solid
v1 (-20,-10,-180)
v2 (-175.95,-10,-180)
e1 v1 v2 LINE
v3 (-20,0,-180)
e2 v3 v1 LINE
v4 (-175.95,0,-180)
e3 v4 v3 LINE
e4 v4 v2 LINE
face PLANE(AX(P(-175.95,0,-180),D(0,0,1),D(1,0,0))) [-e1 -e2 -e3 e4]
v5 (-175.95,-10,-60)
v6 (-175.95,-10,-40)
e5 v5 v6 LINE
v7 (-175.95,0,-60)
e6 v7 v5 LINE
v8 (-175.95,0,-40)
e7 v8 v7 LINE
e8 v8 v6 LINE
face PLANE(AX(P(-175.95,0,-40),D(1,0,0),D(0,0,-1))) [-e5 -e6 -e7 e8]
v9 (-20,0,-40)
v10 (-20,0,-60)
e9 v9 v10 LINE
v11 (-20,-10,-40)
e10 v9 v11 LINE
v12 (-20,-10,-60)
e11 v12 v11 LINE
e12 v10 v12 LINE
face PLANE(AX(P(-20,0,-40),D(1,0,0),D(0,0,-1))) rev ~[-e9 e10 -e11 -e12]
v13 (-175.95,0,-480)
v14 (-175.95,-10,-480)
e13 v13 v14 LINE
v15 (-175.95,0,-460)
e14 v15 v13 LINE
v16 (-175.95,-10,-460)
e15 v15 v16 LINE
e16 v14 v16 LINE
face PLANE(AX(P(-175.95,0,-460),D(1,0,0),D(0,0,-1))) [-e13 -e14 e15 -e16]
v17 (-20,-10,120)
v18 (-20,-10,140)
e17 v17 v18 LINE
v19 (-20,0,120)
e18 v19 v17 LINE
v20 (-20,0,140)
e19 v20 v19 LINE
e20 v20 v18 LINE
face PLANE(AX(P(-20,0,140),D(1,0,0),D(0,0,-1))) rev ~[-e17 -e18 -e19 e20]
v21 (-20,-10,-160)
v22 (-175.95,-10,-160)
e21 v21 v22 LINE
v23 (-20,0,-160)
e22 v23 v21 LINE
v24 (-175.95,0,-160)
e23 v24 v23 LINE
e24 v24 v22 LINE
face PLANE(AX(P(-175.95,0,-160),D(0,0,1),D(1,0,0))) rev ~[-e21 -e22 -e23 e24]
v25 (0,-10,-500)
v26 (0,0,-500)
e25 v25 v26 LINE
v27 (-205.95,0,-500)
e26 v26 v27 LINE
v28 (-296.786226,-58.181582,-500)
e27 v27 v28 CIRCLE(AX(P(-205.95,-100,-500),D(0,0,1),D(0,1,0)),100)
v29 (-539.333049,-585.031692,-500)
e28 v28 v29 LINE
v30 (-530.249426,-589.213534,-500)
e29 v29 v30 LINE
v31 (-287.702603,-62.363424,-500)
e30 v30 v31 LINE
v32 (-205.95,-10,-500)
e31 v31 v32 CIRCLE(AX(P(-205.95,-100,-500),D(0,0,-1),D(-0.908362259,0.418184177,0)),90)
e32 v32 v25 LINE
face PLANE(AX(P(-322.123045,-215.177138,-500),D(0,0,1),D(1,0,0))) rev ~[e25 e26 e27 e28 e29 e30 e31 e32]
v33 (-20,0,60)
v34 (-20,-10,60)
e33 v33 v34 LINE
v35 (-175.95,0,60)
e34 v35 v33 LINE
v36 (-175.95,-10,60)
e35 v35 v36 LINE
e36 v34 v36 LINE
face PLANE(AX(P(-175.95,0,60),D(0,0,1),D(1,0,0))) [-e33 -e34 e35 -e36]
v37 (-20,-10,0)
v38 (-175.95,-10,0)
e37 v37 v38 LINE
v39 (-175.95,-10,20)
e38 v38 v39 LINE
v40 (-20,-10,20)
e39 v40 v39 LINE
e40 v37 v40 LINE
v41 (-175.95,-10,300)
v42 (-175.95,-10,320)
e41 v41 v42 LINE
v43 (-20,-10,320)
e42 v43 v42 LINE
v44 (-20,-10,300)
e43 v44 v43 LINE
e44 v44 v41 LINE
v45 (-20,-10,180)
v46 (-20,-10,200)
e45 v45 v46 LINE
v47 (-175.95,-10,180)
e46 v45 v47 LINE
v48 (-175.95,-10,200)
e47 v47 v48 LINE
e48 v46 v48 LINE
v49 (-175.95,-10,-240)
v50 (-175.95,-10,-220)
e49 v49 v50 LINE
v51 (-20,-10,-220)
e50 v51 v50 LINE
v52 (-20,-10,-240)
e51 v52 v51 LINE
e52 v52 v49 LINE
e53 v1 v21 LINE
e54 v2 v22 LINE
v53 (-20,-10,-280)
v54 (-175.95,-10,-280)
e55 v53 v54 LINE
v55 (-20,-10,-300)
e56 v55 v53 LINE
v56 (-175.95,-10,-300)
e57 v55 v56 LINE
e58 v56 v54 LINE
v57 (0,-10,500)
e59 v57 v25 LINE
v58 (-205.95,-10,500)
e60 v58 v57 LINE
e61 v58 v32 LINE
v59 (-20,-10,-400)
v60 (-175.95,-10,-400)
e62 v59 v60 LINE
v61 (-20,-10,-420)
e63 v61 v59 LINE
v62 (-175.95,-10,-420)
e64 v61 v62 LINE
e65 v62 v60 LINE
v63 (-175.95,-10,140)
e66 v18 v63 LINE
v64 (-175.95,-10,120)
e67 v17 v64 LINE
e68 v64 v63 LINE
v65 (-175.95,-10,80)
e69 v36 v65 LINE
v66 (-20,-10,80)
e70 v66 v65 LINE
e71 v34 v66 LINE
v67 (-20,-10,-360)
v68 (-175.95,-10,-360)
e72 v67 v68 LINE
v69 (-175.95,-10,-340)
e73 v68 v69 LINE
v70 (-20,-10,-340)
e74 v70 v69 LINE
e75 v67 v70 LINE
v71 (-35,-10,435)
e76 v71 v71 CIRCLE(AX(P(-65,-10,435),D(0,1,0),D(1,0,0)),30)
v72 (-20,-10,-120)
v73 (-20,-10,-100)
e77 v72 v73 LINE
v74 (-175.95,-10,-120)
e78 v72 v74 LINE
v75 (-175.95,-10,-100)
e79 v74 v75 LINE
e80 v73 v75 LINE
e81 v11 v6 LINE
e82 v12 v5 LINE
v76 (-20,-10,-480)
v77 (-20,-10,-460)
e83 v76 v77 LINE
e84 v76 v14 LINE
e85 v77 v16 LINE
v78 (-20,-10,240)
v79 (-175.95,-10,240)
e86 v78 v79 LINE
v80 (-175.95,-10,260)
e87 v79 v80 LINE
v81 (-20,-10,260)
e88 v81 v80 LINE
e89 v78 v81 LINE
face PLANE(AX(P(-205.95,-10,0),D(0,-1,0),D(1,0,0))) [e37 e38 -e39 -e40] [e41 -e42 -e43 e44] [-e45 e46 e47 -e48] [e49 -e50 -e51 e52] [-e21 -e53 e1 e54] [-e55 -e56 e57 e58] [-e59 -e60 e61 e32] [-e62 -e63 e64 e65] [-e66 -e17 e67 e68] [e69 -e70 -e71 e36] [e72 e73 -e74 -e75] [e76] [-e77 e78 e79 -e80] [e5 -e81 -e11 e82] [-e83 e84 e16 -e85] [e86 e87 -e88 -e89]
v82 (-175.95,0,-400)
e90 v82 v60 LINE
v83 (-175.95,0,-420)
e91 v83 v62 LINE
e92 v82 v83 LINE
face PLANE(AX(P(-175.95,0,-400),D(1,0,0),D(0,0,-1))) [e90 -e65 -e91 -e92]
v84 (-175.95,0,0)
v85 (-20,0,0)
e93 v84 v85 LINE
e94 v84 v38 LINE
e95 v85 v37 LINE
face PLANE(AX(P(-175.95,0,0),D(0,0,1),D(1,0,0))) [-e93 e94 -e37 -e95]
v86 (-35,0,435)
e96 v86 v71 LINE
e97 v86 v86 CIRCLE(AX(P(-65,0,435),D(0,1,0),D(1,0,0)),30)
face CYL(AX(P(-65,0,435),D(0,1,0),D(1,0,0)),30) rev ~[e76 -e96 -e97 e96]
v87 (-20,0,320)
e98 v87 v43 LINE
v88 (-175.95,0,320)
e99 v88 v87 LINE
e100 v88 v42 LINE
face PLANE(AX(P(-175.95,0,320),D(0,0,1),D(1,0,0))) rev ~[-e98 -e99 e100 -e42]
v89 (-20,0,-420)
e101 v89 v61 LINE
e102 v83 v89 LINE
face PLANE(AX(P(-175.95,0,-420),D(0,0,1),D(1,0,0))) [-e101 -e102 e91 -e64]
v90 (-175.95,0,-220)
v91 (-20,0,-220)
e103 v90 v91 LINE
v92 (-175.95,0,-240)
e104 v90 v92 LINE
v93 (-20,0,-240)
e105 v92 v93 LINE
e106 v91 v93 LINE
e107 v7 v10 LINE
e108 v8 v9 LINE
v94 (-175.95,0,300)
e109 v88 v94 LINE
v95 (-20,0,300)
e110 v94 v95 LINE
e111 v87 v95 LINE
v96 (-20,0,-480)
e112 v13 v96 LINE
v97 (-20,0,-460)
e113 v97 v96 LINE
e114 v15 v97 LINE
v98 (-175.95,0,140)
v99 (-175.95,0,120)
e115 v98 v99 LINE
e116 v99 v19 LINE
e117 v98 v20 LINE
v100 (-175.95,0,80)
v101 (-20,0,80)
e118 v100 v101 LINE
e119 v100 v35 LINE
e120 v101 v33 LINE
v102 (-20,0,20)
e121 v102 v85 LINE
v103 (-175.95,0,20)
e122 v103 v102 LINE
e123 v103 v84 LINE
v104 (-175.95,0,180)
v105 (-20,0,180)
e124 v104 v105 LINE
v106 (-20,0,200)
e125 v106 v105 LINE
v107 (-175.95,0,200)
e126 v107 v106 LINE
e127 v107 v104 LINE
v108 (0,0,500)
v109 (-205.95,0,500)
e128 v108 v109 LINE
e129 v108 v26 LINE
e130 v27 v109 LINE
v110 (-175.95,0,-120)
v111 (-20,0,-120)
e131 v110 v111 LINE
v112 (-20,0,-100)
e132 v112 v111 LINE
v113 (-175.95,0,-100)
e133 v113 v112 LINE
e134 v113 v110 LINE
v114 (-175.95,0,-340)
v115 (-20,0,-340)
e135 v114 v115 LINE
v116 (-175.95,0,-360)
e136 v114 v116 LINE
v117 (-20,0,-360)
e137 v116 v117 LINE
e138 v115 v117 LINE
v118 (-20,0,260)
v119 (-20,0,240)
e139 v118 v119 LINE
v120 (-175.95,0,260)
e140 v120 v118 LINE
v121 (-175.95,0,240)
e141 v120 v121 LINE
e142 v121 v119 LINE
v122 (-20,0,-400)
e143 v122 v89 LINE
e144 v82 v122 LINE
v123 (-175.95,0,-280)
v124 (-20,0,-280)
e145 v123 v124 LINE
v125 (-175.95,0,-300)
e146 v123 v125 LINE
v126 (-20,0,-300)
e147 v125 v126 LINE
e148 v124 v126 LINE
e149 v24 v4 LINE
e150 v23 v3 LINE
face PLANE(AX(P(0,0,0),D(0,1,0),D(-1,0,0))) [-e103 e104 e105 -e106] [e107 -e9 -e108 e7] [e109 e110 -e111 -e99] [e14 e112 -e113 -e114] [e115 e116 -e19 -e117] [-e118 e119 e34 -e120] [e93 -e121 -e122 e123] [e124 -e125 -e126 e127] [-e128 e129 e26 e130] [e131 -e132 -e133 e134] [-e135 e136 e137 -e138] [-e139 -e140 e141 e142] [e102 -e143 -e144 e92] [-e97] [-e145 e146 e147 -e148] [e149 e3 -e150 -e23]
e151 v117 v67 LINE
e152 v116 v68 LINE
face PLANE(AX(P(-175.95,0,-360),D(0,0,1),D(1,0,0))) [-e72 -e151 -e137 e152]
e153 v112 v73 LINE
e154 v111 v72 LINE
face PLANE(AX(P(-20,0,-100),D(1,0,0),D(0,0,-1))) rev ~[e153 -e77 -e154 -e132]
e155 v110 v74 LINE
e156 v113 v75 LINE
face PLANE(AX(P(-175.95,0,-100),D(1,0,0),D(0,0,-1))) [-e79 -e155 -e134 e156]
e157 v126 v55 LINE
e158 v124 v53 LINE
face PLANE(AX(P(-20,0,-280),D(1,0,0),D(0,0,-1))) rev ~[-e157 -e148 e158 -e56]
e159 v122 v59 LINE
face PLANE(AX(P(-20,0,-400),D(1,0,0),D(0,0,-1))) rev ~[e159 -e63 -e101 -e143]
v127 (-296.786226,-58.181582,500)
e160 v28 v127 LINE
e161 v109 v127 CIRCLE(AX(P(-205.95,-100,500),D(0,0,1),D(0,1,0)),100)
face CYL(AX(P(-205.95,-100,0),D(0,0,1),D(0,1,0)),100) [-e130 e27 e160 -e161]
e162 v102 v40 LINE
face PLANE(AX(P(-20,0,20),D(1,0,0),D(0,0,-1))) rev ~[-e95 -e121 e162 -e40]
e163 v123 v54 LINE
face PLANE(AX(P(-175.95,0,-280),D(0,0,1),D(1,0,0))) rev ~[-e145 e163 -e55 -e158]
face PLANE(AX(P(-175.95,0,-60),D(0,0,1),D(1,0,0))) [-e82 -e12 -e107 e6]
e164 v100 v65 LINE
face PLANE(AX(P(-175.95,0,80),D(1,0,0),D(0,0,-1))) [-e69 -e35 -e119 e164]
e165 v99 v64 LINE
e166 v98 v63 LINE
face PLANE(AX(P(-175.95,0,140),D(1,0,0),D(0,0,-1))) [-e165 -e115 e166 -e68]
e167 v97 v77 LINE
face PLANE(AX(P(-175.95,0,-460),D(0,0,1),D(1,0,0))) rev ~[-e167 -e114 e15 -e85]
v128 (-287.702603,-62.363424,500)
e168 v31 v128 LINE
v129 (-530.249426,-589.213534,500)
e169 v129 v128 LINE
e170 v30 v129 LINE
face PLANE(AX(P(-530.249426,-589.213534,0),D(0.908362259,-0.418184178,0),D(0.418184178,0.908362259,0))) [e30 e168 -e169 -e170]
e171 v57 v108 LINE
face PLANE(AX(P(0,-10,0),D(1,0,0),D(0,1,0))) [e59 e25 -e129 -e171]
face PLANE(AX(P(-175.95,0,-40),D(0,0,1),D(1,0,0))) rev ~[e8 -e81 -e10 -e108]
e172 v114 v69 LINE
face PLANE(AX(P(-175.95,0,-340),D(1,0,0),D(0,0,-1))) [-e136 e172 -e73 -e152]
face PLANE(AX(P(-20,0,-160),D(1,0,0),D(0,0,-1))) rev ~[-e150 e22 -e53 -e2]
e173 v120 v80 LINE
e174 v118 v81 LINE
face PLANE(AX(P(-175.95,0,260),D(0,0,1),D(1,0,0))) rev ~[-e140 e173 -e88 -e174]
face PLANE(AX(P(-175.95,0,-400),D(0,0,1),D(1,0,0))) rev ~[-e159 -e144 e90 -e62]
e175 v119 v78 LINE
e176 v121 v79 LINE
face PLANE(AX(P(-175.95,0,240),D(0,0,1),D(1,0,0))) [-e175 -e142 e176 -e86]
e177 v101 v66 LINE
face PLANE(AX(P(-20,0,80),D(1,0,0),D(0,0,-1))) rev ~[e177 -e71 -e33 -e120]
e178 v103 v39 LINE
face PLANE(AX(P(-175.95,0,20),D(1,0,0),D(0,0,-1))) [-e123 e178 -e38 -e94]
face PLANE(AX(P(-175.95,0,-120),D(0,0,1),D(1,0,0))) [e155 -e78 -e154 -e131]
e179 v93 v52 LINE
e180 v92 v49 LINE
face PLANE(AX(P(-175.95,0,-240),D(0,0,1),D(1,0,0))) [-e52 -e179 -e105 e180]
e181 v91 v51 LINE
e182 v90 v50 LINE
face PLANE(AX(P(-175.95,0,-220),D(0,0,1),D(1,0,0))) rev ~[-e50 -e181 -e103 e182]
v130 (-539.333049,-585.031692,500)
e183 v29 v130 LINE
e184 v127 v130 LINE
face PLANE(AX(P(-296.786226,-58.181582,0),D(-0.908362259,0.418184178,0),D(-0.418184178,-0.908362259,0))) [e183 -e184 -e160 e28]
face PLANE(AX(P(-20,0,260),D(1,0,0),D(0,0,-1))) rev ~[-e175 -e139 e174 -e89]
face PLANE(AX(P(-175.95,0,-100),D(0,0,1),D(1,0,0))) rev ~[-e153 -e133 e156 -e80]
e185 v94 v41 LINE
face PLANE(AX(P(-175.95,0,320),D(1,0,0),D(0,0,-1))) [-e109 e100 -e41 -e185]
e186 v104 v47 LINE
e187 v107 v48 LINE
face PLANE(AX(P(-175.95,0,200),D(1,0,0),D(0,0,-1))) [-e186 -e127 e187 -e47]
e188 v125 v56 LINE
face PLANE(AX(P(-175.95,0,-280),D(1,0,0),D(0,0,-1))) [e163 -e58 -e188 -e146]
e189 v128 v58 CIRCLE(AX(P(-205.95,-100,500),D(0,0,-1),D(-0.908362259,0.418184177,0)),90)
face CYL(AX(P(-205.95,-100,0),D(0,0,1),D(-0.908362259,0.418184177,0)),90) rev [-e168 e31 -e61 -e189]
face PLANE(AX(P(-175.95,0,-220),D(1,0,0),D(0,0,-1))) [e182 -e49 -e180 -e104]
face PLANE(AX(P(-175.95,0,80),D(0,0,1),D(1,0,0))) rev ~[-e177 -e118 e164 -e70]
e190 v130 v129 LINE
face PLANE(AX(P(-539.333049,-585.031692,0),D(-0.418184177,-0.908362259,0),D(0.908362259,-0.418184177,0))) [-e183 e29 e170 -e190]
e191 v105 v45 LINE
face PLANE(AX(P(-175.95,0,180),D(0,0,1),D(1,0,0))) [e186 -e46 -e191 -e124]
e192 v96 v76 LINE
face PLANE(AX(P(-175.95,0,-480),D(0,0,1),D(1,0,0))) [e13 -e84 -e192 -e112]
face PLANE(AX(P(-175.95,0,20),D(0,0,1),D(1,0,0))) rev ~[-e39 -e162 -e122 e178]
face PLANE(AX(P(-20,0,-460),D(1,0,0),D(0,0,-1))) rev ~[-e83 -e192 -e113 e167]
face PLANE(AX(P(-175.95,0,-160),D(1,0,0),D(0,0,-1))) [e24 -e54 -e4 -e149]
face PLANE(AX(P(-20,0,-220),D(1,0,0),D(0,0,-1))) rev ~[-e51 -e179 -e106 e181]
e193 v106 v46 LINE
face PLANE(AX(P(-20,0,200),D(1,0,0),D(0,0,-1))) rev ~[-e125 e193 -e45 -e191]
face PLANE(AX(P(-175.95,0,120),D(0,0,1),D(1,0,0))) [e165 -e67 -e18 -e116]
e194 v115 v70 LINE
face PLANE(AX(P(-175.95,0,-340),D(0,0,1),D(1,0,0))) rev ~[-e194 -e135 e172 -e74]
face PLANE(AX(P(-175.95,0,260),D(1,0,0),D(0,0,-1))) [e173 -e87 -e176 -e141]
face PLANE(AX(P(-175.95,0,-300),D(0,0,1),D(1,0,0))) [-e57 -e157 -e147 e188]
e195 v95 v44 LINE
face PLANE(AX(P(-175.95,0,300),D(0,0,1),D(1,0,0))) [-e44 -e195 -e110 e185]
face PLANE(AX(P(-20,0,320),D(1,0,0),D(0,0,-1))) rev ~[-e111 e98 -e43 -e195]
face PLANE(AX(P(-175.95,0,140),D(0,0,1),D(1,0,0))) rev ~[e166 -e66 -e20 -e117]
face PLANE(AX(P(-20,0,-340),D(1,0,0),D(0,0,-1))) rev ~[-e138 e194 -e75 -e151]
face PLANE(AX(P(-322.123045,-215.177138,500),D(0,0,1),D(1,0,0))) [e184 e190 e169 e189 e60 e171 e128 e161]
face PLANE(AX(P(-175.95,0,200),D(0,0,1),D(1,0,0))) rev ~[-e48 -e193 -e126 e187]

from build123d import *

# Parameters (mm, degrees)
EXTRUDE_THIN1_DEPTH = 500
SKETCH2_W           = 155.95
SKETCH2_H           = 20
CUT_EXTRUDE1_DEPTH  = 590.213534275
LPATTERN1_COUNT     = 14
LPATTERN1_PITCH     = 60
SKETCH3_R           = 30
CUT_EXTRUDE2_DEPTH  = 590.213534275


with BuildPart() as part:
    # Sketch1 → Extrude-Thin1 (new body, symmetric)
    with BuildSketch(Plane.XY):
        with BuildLine():
            Line((0, 0), (-205.95, 0))
            ThreePointArc((-205.95, 0), (-259.885879639, -15.792394123), (-296.786225905, -58.181582248))
            Line((-296.786225905, -58.181582248), (-539.333048865, -585.0316925))
            Line((-539.333048865, -585.0316925), (-530.249426274, -589.213534275))
            Line((-530.249426274, -589.213534275), (-287.702603315, -62.363424024))
            ThreePointArc((-287.702603315, -62.363424024), (-254.492291675, -24.21315471), (-205.95, -10))
            Line((-205.95, -10), (0, -10))
            Line((0, -10), (0, 0))
        make_face()
    extrude(amount=EXTRUDE_THIN1_DEPTH, both=True)

    # Sketch2 → Cut-Extrude1 (cut, through all)
    with BuildSketch(Plane(origin=(0, 0, 0), x_dir=(1, 0, 0), z_dir=(0, 1, 0))):
        with Locations((-97.975, 470)):
            Rectangle(SKETCH2_W, SKETCH2_H)
    cut_extrude1 = extrude(amount=-CUT_EXTRUDE1_DEPTH, mode=Mode.SUBTRACT)

    # LPattern1: Cut-Extrude1 ×14
    with Locations(*[(0, 0, i * LPATTERN1_PITCH) for i in range(1, LPATTERN1_COUNT)]):
        add(cut_extrude1, mode=Mode.SUBTRACT)

    # Sketch3 → Cut-Extrude2 (cut, through all)
    with BuildSketch(Plane(origin=(0, 0, 0), x_dir=(1, 0, 0), z_dir=(0, 1, 0))):
        with Locations((-65, -435)):
            Circle(SKETCH3_R)
    extrude(amount=-CUT_EXTRUDE2_DEPTH, mode=Mode.SUBTRACT)


solid = part.part
